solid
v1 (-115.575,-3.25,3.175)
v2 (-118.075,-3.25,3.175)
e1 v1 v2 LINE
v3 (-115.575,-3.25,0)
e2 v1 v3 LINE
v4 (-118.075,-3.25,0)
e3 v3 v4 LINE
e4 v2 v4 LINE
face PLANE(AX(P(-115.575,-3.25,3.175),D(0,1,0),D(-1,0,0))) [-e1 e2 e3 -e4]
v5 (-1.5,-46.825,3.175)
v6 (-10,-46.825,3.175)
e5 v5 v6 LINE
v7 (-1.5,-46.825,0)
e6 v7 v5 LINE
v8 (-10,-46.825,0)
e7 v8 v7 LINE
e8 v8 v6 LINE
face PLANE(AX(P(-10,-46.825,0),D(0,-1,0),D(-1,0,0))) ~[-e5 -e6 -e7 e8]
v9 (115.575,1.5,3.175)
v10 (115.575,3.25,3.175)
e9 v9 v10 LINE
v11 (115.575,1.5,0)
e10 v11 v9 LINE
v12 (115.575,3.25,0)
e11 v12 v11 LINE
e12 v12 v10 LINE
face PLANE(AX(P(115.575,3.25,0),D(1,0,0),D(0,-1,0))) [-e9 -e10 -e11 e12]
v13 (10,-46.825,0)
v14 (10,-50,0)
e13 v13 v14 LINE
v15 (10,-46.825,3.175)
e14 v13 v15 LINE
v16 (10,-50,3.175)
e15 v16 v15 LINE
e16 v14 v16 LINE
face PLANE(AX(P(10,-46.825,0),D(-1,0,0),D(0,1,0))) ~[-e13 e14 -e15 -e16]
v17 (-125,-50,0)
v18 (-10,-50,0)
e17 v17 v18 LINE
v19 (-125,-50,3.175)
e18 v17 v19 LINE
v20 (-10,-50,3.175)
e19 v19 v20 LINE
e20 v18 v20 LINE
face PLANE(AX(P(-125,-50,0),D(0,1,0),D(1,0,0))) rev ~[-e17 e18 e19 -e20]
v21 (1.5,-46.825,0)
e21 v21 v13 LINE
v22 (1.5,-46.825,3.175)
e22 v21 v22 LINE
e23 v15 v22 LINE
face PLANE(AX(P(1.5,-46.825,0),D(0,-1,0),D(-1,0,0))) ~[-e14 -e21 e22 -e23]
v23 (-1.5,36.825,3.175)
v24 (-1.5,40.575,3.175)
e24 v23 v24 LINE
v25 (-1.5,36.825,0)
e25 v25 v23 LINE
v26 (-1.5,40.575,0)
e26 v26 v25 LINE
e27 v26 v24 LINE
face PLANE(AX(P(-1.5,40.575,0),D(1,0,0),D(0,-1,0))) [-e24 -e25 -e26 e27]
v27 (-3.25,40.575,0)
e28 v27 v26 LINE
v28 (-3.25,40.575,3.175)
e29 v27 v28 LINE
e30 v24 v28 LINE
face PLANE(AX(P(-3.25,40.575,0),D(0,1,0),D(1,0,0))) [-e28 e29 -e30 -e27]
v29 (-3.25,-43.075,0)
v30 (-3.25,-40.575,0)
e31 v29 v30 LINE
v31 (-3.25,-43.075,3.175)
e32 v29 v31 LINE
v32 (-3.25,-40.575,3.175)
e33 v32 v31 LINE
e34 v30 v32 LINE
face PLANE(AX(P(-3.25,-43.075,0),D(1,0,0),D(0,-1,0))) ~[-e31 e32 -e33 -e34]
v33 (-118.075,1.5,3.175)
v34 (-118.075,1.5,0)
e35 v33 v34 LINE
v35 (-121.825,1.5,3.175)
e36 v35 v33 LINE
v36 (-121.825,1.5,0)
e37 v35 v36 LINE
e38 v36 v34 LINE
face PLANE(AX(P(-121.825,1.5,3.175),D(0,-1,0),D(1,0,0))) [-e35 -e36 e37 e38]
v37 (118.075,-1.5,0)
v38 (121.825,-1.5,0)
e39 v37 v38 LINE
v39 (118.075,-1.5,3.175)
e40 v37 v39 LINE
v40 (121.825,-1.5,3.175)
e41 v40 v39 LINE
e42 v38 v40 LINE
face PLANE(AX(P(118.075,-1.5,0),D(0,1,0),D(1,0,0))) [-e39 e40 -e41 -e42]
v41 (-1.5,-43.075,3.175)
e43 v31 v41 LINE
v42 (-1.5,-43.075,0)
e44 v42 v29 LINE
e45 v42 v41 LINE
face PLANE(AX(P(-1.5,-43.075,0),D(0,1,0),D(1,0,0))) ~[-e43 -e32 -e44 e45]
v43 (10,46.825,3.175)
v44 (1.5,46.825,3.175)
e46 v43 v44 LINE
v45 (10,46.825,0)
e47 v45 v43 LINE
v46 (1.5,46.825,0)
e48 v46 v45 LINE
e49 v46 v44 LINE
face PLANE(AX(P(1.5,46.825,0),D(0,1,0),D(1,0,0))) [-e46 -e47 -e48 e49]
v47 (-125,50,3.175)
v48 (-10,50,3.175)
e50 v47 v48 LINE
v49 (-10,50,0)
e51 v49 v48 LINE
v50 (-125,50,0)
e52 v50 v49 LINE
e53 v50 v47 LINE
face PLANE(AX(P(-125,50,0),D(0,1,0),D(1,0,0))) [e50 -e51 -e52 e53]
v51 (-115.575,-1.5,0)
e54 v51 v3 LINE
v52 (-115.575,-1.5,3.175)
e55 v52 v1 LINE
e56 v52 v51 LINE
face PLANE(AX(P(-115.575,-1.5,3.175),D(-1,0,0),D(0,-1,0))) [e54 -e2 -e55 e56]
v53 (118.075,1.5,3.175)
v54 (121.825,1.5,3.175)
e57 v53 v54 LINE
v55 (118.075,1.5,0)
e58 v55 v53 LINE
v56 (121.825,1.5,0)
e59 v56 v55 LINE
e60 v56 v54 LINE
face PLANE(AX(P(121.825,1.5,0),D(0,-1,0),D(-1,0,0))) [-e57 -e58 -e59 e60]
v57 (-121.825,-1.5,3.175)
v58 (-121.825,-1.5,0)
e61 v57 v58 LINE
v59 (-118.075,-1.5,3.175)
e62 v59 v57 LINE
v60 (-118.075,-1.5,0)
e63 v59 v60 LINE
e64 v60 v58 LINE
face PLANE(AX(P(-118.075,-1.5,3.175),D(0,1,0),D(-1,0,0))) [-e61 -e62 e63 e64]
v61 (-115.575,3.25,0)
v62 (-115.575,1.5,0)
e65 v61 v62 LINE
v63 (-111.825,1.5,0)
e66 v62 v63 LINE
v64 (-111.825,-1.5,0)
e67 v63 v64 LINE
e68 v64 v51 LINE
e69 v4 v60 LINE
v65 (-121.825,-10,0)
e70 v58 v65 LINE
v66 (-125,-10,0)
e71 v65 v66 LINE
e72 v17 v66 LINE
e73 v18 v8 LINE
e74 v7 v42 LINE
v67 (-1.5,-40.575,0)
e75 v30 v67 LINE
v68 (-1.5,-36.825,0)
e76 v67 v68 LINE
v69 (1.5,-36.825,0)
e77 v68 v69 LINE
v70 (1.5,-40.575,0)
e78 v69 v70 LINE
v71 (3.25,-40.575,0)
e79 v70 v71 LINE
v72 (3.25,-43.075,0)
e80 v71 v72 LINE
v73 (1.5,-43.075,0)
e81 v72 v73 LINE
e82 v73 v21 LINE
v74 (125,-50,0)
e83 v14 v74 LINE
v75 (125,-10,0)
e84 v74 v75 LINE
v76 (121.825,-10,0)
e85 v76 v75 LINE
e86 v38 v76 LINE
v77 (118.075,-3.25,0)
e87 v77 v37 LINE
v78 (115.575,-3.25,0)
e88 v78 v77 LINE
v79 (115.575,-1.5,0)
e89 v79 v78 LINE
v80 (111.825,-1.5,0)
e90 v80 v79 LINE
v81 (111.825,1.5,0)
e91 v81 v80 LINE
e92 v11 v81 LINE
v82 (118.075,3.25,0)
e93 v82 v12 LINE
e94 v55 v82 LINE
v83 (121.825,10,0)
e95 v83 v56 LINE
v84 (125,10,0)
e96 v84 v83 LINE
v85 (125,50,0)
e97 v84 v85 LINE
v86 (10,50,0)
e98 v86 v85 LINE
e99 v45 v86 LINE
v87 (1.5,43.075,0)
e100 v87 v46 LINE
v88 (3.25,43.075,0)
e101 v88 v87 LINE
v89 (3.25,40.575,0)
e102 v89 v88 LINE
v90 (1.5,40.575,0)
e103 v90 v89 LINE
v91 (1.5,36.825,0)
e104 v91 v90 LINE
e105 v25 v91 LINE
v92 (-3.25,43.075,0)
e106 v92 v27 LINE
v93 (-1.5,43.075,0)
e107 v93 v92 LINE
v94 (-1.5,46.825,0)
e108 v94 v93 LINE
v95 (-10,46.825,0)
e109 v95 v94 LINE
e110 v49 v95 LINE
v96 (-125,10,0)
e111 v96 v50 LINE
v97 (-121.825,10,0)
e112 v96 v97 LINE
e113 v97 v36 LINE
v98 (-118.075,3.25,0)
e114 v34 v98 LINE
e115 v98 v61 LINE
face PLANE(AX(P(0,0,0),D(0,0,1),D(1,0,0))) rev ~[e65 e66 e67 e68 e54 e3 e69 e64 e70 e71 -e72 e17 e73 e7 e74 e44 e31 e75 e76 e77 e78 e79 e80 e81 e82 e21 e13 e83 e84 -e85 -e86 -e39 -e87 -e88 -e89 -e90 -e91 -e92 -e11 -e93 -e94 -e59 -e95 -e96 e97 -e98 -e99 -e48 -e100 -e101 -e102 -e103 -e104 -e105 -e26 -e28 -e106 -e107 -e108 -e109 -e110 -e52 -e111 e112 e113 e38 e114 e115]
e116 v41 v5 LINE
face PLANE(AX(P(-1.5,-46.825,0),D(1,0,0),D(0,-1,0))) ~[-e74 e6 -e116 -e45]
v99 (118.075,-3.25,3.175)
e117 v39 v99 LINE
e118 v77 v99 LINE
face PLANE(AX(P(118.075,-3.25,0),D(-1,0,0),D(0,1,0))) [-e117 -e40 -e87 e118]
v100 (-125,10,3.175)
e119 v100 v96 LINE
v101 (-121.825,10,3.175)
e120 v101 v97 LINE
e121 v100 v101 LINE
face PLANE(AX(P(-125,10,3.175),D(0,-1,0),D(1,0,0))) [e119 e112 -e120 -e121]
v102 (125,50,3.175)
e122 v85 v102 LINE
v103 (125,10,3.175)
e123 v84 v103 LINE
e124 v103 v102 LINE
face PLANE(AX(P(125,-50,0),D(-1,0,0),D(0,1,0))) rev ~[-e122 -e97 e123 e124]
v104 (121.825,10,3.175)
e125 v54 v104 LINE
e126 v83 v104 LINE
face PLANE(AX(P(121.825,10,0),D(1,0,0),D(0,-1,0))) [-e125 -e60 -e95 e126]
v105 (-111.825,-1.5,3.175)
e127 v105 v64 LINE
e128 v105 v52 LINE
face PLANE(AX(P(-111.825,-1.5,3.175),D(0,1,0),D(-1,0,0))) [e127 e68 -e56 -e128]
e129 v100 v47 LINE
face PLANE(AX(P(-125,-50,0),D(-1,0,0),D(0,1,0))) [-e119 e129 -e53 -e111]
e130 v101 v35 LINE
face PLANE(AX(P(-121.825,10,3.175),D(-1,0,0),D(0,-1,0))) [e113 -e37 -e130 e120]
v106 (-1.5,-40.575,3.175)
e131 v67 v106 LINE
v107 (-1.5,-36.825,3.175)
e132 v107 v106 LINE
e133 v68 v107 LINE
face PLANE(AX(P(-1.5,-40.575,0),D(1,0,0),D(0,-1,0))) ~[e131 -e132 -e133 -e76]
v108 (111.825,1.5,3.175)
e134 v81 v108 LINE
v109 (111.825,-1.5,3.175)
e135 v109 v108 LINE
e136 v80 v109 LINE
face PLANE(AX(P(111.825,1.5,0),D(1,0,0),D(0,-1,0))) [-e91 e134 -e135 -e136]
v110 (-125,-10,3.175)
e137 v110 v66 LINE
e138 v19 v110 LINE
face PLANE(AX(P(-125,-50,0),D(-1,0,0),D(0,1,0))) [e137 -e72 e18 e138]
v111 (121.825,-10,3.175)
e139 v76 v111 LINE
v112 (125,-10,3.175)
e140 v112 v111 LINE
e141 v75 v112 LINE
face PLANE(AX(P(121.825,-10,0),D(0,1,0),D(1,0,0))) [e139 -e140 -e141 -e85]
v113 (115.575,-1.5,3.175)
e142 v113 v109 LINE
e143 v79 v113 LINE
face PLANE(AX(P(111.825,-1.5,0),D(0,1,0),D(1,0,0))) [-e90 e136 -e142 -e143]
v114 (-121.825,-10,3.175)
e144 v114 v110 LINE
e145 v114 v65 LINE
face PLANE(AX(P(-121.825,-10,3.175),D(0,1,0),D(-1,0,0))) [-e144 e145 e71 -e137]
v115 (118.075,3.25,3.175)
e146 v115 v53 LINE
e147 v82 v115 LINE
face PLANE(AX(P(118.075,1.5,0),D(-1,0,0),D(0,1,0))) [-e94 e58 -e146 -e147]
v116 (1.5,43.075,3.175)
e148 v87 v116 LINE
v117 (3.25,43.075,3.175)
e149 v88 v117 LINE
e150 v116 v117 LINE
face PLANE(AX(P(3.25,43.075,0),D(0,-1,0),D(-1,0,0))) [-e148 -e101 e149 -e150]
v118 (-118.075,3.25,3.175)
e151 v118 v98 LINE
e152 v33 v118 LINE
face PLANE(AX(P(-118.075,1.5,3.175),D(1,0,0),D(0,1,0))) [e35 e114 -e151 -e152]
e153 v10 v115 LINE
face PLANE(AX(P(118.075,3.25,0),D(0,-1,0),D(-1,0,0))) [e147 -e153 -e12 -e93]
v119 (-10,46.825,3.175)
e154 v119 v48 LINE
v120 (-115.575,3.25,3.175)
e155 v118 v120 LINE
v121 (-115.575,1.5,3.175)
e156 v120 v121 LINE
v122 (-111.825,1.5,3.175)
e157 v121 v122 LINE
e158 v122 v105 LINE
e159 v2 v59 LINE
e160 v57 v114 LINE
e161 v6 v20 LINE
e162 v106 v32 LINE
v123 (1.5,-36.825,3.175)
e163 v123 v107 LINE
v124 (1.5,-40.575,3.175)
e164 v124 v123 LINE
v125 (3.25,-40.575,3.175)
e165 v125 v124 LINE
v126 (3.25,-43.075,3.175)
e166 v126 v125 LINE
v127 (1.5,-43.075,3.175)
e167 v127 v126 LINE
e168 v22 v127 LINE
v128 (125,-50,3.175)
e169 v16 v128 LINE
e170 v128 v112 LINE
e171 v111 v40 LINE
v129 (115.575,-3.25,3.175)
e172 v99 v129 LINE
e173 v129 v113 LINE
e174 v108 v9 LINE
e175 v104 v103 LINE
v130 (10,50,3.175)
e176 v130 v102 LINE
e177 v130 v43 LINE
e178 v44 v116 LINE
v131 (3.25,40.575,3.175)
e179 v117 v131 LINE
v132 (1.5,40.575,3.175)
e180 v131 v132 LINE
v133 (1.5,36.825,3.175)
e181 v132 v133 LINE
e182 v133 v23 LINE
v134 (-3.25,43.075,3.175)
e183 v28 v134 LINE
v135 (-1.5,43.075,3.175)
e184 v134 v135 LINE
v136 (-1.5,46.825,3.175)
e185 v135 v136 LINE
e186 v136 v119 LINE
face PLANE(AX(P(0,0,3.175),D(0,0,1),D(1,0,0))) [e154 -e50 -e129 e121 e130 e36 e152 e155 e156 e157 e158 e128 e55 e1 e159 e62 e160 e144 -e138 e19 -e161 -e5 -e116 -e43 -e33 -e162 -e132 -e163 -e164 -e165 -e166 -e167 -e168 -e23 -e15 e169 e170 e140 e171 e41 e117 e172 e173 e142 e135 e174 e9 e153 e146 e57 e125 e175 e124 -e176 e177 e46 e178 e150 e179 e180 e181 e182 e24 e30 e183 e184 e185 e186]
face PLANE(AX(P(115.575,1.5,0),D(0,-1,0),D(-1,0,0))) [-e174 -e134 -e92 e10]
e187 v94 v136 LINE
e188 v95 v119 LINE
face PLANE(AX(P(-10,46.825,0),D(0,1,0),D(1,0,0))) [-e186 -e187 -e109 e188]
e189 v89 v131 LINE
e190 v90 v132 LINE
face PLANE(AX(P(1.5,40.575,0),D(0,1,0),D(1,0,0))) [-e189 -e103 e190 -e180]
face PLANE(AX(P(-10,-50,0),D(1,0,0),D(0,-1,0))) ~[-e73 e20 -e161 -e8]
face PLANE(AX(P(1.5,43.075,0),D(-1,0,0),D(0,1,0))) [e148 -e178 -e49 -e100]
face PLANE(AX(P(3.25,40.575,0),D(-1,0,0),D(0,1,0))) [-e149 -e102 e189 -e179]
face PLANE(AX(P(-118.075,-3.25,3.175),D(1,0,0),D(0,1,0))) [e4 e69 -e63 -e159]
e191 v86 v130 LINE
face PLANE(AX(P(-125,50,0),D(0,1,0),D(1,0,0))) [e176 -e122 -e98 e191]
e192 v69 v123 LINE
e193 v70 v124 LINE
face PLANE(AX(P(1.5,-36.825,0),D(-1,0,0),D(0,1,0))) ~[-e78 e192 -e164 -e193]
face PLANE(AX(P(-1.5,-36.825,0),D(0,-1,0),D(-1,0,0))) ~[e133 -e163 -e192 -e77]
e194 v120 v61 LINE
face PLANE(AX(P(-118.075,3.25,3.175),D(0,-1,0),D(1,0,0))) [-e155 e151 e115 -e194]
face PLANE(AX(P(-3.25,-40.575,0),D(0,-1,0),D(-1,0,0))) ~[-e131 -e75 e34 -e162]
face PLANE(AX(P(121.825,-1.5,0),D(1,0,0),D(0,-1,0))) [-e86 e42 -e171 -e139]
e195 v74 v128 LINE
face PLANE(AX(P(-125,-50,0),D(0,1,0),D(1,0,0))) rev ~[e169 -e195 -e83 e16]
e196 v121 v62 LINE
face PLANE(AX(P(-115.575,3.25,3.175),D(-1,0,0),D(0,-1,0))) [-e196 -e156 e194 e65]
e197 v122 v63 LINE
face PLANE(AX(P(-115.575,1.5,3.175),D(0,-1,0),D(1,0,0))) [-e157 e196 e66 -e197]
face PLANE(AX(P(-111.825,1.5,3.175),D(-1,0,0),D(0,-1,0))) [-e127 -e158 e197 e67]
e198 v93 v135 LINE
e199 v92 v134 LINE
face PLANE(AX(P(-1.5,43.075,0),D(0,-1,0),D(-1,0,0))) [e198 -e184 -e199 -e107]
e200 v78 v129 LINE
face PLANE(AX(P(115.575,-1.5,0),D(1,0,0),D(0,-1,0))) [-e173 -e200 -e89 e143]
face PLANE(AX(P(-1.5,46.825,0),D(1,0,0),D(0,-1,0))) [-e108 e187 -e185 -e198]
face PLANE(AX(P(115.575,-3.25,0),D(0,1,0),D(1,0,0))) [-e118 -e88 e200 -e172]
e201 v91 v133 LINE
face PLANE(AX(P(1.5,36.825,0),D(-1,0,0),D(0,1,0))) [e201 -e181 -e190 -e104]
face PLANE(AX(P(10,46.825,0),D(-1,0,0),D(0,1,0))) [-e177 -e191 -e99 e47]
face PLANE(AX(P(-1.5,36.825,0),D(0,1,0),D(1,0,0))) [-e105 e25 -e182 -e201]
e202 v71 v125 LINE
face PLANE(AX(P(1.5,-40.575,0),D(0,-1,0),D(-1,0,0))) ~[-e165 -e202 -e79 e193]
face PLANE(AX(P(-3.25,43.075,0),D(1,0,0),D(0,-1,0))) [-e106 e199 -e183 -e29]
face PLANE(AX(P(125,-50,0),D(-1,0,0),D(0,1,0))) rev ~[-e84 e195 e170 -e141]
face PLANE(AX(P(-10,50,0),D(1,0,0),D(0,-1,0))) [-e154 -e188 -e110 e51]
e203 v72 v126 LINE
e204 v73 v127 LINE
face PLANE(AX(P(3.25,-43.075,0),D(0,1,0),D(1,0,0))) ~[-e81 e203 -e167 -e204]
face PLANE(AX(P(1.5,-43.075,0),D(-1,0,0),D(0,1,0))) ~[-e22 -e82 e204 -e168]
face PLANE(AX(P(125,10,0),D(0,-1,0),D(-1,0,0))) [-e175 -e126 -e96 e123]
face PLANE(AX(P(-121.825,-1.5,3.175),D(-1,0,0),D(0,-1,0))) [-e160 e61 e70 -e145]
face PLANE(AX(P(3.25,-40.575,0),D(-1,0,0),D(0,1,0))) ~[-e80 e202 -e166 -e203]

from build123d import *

# Parameters (mm, degrees)
SKETCH1_W           = 250
SKETCH1_H           = 100
BOSS_EXTRUDE1_DEPTH = 3.175
T_CUT_DEPTH         = 142.561231774
T_CUT2_DEPTH        = 149.1205851
T_CUT3_DEPTH        = 143.57254352


with BuildPart() as part:
    # Sketch1 → Boss-Extrude1 (new body)
    with BuildSketch(Plane.XY):
        Rectangle(SKETCH1_W, SKETCH1_H)
    extrude(amount=BOSS_EXTRUDE1_DEPTH)

    # Sketch3 → T Cut (cut, through all)
    with BuildSketch(Plane(origin=(2.435372351, -11.560763397, 0), x_dir=(-1, 0, 0), z_dir=(0, 0, -1))):
        Polygon((-122.564627649, 1.560763397), (-122.564627649, 21.560763397), (-119.389627649, 21.560763397), (-119.389627649, 13.060763397), (-115.639627649, 13.060763397), (-115.639627649, 14.810763397), (-113.139627649, 14.810763397), (-113.139627649, 13.060763397), (-109.389627649, 13.060763397), (-109.389627649, 10.060763397), (-113.139627649, 10.060763397), (-113.139627649, 8.310763397), (-115.639627649, 8.310763397), (-115.639627649, 10.060763397), (-119.389627649, 10.060763397), (-119.389627649, 1.560763397), align=None)
    extrude(amount=-T_CUT_DEPTH, mode=Mode.SUBTRACT)

    # Sketch32 → T Cut2 (cut, through all)
    with BuildSketch(Plane(origin=(-11.542281755, -7.322180687, 3.175), x_dir=(1, 0, 0), z_dir=(0, 0, 1))):
        Polygon((-113.457718245, -2.677819313), (-113.457718245, 17.322180687), (-110.282718245, 17.322180687), (-110.282718245, 8.822180687), (-106.532718245, 8.822180687), (-106.532718245, 10.572180687), (-104.032718245, 10.572180687), (-104.032718245, 8.822180687), (-100.282718245, 8.822180687), (-100.282718245, 5.822180687), (-104.032718245, 5.822180687), (-104.032718245, 4.072180687), (-106.532718245, 4.072180687), (-106.532718245, 5.822180687), (-110.282718245, 5.822180687), (-110.282718245, -2.677819313), align=None)
    extrude(amount=-T_CUT2_DEPTH, mode=Mode.SUBTRACT)

    # Sketch33 → T Cut3 (cut, through all)
    with BuildSketch(Plane(origin=(-8.380029994, 0.26546667, 0), x_dir=(-1, 0, 0), z_dir=(0, 0, -1))):
        Polygon((-18.380029994, 49.73453333), (1.619970006, 49.73453333), (1.619970006, 46.55953333), (-6.880029994, 46.55953333), (-6.880029994, 42.80953333), (-5.130029994, 42.80953333), (-5.130029994, 40.30953333), (-6.880029994, 40.30953333), (-6.880029994, 36.55953333), (-9.880029994, 36.55953333), (-9.880029994, 40.30953333), (-11.630029994, 40.30953333), (-11.630029994, 42.80953333), (-9.880029994, 42.80953333), (-9.880029994, 46.55953333), (-18.380029994, 46.55953333), align=None)
    t_cut3 = extrude(amount=-T_CUT3_DEPTH, mode=Mode.SUBTRACT)

    # Mirror2: T Cut3 across plane
    add(t_cut3.mirror(Plane.ZX), mode=Mode.SUBTRACT)


solid = part.part
